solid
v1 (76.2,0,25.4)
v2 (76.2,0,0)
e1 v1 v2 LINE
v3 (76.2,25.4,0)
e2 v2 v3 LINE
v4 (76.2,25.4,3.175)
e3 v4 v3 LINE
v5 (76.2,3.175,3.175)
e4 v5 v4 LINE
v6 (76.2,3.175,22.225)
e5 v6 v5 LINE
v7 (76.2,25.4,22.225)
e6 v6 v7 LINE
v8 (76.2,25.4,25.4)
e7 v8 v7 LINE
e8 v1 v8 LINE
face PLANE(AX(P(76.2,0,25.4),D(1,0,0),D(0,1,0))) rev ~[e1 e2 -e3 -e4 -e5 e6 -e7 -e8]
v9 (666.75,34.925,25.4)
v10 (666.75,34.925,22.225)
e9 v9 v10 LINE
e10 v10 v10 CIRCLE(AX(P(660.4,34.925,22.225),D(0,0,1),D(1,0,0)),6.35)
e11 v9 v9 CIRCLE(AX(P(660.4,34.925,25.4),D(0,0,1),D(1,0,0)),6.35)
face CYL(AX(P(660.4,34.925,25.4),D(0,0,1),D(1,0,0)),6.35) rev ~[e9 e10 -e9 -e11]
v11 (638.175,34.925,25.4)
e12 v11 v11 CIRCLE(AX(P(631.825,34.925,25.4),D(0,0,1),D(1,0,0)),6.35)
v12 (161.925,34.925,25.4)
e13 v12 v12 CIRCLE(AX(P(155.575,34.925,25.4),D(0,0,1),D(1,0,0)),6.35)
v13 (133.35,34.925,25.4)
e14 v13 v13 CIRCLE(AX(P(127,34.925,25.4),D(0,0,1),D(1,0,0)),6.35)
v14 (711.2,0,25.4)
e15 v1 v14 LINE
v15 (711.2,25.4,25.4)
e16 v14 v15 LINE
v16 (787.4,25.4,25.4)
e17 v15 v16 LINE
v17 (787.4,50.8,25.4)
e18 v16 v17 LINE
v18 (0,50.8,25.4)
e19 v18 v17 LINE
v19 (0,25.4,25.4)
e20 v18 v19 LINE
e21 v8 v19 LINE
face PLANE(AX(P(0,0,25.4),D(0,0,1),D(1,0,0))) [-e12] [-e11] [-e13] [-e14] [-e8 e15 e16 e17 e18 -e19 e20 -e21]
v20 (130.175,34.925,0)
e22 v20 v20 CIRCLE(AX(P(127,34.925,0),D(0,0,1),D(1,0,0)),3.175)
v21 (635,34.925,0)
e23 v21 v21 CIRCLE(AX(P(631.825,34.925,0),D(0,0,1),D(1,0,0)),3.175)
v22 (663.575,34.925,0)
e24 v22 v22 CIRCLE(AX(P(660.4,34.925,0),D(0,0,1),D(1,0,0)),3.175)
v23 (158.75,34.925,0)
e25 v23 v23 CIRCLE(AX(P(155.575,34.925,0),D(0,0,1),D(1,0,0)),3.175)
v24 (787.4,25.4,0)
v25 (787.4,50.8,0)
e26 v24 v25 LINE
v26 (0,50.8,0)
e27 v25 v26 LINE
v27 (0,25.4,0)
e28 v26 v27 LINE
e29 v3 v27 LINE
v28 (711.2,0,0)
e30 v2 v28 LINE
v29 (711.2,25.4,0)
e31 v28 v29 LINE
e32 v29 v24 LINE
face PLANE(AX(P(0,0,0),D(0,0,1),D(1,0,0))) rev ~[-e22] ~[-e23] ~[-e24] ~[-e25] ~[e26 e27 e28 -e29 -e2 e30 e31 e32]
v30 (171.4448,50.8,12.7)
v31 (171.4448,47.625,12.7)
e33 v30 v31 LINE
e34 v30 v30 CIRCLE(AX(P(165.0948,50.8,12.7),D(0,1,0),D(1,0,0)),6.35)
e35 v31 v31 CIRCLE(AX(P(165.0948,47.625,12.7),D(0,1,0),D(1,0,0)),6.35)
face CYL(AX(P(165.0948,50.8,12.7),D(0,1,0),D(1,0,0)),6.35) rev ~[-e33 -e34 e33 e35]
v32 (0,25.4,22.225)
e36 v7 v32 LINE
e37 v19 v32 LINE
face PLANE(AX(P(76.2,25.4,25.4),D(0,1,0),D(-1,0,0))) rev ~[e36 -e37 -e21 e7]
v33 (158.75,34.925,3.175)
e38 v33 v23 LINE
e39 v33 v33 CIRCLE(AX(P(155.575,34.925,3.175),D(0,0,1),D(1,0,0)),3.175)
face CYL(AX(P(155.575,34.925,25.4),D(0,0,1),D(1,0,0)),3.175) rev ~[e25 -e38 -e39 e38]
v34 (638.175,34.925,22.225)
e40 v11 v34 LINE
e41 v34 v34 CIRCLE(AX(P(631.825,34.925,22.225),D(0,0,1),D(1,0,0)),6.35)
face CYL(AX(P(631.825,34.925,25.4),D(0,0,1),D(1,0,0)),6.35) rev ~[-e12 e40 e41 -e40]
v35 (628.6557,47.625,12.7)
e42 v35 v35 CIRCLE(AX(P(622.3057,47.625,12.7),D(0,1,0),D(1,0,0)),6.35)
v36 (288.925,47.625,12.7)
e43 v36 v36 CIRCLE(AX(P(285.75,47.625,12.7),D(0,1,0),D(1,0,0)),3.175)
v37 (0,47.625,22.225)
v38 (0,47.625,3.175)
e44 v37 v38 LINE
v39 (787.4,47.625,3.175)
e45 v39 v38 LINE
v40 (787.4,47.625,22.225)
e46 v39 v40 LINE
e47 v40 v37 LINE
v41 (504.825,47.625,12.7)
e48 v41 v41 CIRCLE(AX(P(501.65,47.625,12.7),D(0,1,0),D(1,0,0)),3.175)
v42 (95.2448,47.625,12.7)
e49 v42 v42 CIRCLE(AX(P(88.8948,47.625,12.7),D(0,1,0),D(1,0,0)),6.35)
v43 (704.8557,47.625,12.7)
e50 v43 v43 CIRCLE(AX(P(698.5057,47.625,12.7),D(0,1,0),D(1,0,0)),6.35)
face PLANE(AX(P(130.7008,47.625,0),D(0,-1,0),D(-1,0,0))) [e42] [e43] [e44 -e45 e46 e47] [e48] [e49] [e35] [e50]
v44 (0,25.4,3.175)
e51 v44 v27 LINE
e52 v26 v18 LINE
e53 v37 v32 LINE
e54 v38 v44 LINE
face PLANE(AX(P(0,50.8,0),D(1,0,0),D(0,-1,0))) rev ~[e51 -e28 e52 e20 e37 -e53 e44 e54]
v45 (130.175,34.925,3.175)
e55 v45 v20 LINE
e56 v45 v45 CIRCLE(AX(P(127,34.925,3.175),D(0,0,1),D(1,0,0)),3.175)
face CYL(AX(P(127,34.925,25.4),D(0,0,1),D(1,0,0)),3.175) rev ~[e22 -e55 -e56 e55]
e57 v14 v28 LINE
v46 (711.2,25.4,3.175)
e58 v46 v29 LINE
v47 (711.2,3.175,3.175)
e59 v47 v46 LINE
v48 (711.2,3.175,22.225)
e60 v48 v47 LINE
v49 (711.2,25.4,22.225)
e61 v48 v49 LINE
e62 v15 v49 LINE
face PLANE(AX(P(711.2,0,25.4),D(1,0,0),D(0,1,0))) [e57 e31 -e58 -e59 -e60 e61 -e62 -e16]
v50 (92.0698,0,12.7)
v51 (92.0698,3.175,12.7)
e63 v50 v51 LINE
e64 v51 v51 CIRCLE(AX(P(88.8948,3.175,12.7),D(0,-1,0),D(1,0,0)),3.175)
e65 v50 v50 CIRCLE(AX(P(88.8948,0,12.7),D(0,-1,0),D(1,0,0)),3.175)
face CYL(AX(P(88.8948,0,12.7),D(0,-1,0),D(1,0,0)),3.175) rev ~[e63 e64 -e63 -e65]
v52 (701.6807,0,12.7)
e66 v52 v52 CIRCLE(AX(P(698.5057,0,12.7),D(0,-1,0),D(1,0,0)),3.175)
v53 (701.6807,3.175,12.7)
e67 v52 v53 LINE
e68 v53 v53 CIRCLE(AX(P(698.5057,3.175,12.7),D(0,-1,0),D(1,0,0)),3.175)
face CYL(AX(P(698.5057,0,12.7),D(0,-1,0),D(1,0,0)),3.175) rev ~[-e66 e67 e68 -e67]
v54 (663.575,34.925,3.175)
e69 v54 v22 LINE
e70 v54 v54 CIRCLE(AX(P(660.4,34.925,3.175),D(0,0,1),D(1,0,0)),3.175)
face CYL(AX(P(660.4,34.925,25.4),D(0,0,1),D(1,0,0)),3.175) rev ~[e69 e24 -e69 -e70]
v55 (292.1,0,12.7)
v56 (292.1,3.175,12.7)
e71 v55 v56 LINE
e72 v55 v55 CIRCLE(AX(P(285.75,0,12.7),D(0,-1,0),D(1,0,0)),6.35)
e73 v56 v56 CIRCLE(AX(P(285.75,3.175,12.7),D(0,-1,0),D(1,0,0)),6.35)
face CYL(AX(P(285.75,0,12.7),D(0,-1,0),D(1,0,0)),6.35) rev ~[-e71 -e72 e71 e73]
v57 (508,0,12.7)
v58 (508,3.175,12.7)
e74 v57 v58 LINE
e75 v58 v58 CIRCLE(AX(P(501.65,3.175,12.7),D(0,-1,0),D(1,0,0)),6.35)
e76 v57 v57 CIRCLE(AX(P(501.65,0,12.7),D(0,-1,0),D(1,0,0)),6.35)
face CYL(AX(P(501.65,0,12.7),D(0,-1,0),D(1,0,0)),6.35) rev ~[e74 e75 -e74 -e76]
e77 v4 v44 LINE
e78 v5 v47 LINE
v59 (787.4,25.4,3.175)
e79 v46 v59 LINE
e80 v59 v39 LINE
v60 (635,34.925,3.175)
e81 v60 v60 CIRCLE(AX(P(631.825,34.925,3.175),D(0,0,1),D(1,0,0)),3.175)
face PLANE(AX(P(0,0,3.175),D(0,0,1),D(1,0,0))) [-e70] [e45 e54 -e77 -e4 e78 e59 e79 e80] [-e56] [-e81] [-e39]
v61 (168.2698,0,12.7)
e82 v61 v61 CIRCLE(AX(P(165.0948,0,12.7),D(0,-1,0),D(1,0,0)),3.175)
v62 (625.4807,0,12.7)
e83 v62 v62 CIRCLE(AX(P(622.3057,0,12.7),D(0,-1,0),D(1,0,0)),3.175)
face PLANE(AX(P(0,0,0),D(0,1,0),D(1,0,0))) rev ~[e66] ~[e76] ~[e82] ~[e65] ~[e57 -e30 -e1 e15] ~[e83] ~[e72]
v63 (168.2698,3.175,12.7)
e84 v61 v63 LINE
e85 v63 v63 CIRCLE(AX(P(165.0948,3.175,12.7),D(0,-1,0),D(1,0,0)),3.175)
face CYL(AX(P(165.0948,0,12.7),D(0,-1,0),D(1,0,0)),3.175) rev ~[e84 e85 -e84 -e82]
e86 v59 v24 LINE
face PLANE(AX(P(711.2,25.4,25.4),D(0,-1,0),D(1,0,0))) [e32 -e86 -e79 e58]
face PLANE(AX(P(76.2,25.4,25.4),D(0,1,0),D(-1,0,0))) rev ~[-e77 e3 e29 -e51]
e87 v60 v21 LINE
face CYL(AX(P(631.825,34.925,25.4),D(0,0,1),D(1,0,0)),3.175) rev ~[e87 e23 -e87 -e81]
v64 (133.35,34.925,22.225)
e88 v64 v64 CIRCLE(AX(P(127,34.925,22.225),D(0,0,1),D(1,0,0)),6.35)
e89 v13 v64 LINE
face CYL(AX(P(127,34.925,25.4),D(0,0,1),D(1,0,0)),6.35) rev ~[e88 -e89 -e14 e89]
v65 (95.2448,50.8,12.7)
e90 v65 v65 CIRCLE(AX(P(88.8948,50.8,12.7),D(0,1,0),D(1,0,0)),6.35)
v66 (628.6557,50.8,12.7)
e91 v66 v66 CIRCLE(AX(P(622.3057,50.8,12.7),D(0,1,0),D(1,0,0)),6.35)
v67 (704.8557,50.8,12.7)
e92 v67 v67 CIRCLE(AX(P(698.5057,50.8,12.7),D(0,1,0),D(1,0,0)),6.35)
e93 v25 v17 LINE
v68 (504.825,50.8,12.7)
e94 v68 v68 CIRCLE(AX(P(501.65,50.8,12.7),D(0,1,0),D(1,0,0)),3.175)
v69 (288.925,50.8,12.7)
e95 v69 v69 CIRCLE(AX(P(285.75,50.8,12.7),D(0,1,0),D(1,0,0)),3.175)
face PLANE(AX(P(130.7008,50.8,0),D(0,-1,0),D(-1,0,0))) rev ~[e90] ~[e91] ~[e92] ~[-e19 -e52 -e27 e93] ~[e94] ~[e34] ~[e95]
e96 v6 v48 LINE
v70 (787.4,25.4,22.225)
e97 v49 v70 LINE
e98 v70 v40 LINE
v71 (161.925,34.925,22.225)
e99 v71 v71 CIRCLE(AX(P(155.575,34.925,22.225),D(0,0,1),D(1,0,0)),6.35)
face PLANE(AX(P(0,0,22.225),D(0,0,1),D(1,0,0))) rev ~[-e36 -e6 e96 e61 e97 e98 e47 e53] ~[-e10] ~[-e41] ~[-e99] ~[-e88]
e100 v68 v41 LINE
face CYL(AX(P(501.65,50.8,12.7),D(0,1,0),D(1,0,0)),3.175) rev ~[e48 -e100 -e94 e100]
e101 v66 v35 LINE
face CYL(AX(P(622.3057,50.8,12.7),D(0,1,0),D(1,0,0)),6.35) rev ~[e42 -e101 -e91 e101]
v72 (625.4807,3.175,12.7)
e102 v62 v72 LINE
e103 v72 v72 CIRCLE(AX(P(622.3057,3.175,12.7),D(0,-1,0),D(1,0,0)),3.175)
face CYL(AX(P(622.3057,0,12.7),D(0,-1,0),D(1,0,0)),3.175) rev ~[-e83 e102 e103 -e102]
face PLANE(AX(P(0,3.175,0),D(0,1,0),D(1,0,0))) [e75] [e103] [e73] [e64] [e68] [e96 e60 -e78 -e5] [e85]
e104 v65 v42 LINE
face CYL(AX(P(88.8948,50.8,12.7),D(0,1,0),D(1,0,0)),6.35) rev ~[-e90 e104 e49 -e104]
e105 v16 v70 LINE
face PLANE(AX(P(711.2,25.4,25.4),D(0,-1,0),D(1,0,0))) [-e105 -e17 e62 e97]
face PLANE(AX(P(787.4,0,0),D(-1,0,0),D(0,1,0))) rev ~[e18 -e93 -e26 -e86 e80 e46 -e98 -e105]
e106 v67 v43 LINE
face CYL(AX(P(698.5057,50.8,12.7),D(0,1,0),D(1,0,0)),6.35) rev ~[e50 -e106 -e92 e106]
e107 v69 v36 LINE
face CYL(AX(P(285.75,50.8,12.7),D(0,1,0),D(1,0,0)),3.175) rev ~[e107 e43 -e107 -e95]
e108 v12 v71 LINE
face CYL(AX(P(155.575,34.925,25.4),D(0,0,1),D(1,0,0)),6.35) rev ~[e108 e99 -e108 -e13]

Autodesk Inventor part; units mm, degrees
ref_plane "YZ Plane" through (0, 0, 0) normal (1, 0, 0) x (0, 1, 0)
ref_plane "XZ Plane" through (0, 0, 0) normal (0, 1, 0) x (-1, 0, 0)
ref_plane "XY Plane" through (0, 0, 0) normal (0, 0, 1) x (1, 0, 0)
sketch "Sketch1" plane through (0, 0, 0) normal (0, 0, 1) x (1, 0, 0)
  line L0 (0, 0) -> (787.4, 0)
  line L1 (787.4, 0) -> (787.4, 50.8)
  line L2 (787.4, 50.8) -> (565.5048, 50.8)
  line L3 (565.5048, 50.8) -> (348.1028, 50.8)
  line L4 (348.1028, 50.8) -> (130.7008, 50.8)
  line L5 (130.7008, 50.8) -> (0, 50.8)
  line L6 (0, 50.8) -> (0, 0)
  dimension "d2" = 50.8
  dimension "d3" = 50.8
  dimension "d4" = 787.4
extrude "Extrusion1" add sketch "Sketch1" along normal blind 25.4
shell "Shell1" thickness 3.175 removed faces 2 at (0, 33.8667, 16.9333) at (787.4, 16.9333, 16.9333)
sketch "Sketch2" plane through (0, 0, 25.4) normal (0, 0, 1) x (1, 0, 0)
  line L0 (0, 0) -> (76.2, 0)
  line L1 (76.2, 0) -> (76.2, 25.4)
  line L2 (76.2, 25.4) -> (0, 25.4)
  line L3 (0, 25.4) -> (0, 0)
  line L4 (787.4, 0) -> (711.2, 0)
  line L5 (711.2, 0) -> (711.2, 25.4)
  line L6 (711.2, 25.4) -> (787.4, 25.4)
  line L7 (787.4, 25.4) -> (787.4, 0)
  dimension "d9" = 25.4
  dimension "d12" = 76.2
extrude "Extrusion2" cut sketch "Sketch2" against normal through all
sketch "Sketch4" plane through (0, 50.8, 0) normal (0, 1, 0) x (1, 0, 0)
  line L0 (787.4, 0) -> (787.4, -25.4) projected
  line L1 (787.4, 0) -> (0, 0) projected
  circle A0 centre (501.65, -12.7) radius 3.175
  circle A1 centre (285.75, -12.7) radius 3.175
  dimension "d21" = 285.75
  dimension "d22" = 215.9
  dimension "d23" = 12.7
  dimension "d24" = 12.7
  dimension "d25" = 6.35
  dimension "d26" = 6.35
extrude "Extrusion4" cut sketch "Sketch4" against normal through all
sketch "Sketch5" plane through (76.2, 0, 0) normal (0, -1, 0) x (1, 0, 0)
  circle A0 centre (209.55, 12.7) radius 3.175 projected
  circle A1 centre (425.45, 12.7) radius 3.175 projected
  circle A2 centre (209.55, 12.7) radius 6.35
  circle A3 centre (425.45, 12.7) radius 6.35
  point P0 (-76.2, 0)
  dimension "d29" = 12.7
  dimension "d30" = 12.7
extrude "Extrusion5" cut sketch "Sketch5" against normal up to next
sketch "Sketch6" plane through (76.2, 0, 0) normal (0, -1, 0) x (1, 0, 0)
  line L0 (635, 25.4) -> (0, 25.4) projected
  circle A0 centre (12.6948, 12.7) radius 3.175
  circle A1 centre (88.8948, 12.7) radius 3.175
  circle A2 centre (546.1057, 12.7) radius 3.175
  circle A3 centre (622.3057, 12.7) radius 3.175
  line L1 (711.2, 22.225) -> (711.2, 3.175) projected
  line L2 (-76.2, 3.175) -> (-76.2, 22.225) projected
  point P0 (-76.2, 0)
  dimension "d33" = 88.8943
  dimension "d34" = 76.2
  dimension "d35" = 6.35
  dimension "d36" = 12.7
  dimension "d37" = 12.7
  dimension "d38" = 12.7
  dimension "d39" = 12.7
  dimension "d40" = 88.8948
  dimension "d41" = 76.2
extrude "Extrusion6" cut sketch "Sketch6" against normal through all
sketch "Sketch7" plane through (0, 50.8, 0) normal (0, 1, 0) x (1, 0, 0)
  circle A0 centre (698.5057, -12.7) radius 3.175 projected
  circle A1 centre (622.3057, -12.7) radius 3.175 projected
  circle A2 centre (165.0948, -12.7) radius 3.175 projected
  circle A3 centre (88.8948, -12.7) radius 3.175 projected
  circle A4 centre (698.5057, -12.7) radius 6.35
  circle A5 centre (622.3057, -12.7) radius 6.35
  circle A6 centre (88.8948, -12.7) radius 6.35
  circle A7 centre (165.0948, -12.7) radius 6.35
  dimension "d44" = 12.7
extrude "Extrusion7" cut sketch "Sketch7" against normal up to next
sketch "Sketch8" plane through (0, 0, 25.4) normal (0, 0, 1) x (1, 0, 0)
  line L0 (787.4, 50.8) -> (787.4, 25.4) projected
  line L1 (0, 50.8) -> (787.4, 50.8) projected
  circle A0 centre (631.825, 34.925) radius 3.175
  circle A1 centre (660.4, 34.925) radius 3.175
  line L2 (631.825, 34.925) -> (660.4, 34.925) construction
  line L3 (0, 25.4) -> (0, 50.8) projected
  line L4 (631.825, 34.925) -> (155.575, 34.925) construction
  line L5 (155.575, 34.925) -> (127, 34.925) construction
  line L6 (127, 34.925) -> (0, 34.925) construction
  circle A2 centre (127, 34.925) radius 3.175
  circle A3 centre (155.575, 34.925) radius 3.175
  point P0 (0, 0)
  dimension "d47" = 127
  dimension "d48" = 28.575
  dimension "d49" = 15.875
  dimension "d50" = 6.35
  dimension "d53" = 127
  dimension "d54" = 28.575
  dimension "d55" = 476.25
extrude "Extrusion8" cut sketch "Sketch8" against normal through all
sketch "Sketch9" plane through (0, 0, 25.4) normal (0, 0, 1) x (1, 0, 0)
  circle A0 centre (155.575, 34.925) radius 3.175 projected
  circle A1 centre (127, 34.925) radius 3.175 projected
  circle A2 centre (660.4, 34.925) radius 3.175 projected
  circle A3 centre (631.825, 34.925) radius 3.175 projected
  circle A4 centre (631.825, 34.925) radius 6.35
  circle A5 centre (660.4, 34.925) radius 6.35
  circle A6 centre (127, 34.925) radius 6.35
  circle A7 centre (155.575, 34.925) radius 6.35
  point P0 (0, 0)
  dimension "d56" = 12.7
extrude "Extrusion9" cut sketch "Sketch9" against normal up to next
properties part number "FrameRepresentation_FrontRear" material "Aluminum-6061"
